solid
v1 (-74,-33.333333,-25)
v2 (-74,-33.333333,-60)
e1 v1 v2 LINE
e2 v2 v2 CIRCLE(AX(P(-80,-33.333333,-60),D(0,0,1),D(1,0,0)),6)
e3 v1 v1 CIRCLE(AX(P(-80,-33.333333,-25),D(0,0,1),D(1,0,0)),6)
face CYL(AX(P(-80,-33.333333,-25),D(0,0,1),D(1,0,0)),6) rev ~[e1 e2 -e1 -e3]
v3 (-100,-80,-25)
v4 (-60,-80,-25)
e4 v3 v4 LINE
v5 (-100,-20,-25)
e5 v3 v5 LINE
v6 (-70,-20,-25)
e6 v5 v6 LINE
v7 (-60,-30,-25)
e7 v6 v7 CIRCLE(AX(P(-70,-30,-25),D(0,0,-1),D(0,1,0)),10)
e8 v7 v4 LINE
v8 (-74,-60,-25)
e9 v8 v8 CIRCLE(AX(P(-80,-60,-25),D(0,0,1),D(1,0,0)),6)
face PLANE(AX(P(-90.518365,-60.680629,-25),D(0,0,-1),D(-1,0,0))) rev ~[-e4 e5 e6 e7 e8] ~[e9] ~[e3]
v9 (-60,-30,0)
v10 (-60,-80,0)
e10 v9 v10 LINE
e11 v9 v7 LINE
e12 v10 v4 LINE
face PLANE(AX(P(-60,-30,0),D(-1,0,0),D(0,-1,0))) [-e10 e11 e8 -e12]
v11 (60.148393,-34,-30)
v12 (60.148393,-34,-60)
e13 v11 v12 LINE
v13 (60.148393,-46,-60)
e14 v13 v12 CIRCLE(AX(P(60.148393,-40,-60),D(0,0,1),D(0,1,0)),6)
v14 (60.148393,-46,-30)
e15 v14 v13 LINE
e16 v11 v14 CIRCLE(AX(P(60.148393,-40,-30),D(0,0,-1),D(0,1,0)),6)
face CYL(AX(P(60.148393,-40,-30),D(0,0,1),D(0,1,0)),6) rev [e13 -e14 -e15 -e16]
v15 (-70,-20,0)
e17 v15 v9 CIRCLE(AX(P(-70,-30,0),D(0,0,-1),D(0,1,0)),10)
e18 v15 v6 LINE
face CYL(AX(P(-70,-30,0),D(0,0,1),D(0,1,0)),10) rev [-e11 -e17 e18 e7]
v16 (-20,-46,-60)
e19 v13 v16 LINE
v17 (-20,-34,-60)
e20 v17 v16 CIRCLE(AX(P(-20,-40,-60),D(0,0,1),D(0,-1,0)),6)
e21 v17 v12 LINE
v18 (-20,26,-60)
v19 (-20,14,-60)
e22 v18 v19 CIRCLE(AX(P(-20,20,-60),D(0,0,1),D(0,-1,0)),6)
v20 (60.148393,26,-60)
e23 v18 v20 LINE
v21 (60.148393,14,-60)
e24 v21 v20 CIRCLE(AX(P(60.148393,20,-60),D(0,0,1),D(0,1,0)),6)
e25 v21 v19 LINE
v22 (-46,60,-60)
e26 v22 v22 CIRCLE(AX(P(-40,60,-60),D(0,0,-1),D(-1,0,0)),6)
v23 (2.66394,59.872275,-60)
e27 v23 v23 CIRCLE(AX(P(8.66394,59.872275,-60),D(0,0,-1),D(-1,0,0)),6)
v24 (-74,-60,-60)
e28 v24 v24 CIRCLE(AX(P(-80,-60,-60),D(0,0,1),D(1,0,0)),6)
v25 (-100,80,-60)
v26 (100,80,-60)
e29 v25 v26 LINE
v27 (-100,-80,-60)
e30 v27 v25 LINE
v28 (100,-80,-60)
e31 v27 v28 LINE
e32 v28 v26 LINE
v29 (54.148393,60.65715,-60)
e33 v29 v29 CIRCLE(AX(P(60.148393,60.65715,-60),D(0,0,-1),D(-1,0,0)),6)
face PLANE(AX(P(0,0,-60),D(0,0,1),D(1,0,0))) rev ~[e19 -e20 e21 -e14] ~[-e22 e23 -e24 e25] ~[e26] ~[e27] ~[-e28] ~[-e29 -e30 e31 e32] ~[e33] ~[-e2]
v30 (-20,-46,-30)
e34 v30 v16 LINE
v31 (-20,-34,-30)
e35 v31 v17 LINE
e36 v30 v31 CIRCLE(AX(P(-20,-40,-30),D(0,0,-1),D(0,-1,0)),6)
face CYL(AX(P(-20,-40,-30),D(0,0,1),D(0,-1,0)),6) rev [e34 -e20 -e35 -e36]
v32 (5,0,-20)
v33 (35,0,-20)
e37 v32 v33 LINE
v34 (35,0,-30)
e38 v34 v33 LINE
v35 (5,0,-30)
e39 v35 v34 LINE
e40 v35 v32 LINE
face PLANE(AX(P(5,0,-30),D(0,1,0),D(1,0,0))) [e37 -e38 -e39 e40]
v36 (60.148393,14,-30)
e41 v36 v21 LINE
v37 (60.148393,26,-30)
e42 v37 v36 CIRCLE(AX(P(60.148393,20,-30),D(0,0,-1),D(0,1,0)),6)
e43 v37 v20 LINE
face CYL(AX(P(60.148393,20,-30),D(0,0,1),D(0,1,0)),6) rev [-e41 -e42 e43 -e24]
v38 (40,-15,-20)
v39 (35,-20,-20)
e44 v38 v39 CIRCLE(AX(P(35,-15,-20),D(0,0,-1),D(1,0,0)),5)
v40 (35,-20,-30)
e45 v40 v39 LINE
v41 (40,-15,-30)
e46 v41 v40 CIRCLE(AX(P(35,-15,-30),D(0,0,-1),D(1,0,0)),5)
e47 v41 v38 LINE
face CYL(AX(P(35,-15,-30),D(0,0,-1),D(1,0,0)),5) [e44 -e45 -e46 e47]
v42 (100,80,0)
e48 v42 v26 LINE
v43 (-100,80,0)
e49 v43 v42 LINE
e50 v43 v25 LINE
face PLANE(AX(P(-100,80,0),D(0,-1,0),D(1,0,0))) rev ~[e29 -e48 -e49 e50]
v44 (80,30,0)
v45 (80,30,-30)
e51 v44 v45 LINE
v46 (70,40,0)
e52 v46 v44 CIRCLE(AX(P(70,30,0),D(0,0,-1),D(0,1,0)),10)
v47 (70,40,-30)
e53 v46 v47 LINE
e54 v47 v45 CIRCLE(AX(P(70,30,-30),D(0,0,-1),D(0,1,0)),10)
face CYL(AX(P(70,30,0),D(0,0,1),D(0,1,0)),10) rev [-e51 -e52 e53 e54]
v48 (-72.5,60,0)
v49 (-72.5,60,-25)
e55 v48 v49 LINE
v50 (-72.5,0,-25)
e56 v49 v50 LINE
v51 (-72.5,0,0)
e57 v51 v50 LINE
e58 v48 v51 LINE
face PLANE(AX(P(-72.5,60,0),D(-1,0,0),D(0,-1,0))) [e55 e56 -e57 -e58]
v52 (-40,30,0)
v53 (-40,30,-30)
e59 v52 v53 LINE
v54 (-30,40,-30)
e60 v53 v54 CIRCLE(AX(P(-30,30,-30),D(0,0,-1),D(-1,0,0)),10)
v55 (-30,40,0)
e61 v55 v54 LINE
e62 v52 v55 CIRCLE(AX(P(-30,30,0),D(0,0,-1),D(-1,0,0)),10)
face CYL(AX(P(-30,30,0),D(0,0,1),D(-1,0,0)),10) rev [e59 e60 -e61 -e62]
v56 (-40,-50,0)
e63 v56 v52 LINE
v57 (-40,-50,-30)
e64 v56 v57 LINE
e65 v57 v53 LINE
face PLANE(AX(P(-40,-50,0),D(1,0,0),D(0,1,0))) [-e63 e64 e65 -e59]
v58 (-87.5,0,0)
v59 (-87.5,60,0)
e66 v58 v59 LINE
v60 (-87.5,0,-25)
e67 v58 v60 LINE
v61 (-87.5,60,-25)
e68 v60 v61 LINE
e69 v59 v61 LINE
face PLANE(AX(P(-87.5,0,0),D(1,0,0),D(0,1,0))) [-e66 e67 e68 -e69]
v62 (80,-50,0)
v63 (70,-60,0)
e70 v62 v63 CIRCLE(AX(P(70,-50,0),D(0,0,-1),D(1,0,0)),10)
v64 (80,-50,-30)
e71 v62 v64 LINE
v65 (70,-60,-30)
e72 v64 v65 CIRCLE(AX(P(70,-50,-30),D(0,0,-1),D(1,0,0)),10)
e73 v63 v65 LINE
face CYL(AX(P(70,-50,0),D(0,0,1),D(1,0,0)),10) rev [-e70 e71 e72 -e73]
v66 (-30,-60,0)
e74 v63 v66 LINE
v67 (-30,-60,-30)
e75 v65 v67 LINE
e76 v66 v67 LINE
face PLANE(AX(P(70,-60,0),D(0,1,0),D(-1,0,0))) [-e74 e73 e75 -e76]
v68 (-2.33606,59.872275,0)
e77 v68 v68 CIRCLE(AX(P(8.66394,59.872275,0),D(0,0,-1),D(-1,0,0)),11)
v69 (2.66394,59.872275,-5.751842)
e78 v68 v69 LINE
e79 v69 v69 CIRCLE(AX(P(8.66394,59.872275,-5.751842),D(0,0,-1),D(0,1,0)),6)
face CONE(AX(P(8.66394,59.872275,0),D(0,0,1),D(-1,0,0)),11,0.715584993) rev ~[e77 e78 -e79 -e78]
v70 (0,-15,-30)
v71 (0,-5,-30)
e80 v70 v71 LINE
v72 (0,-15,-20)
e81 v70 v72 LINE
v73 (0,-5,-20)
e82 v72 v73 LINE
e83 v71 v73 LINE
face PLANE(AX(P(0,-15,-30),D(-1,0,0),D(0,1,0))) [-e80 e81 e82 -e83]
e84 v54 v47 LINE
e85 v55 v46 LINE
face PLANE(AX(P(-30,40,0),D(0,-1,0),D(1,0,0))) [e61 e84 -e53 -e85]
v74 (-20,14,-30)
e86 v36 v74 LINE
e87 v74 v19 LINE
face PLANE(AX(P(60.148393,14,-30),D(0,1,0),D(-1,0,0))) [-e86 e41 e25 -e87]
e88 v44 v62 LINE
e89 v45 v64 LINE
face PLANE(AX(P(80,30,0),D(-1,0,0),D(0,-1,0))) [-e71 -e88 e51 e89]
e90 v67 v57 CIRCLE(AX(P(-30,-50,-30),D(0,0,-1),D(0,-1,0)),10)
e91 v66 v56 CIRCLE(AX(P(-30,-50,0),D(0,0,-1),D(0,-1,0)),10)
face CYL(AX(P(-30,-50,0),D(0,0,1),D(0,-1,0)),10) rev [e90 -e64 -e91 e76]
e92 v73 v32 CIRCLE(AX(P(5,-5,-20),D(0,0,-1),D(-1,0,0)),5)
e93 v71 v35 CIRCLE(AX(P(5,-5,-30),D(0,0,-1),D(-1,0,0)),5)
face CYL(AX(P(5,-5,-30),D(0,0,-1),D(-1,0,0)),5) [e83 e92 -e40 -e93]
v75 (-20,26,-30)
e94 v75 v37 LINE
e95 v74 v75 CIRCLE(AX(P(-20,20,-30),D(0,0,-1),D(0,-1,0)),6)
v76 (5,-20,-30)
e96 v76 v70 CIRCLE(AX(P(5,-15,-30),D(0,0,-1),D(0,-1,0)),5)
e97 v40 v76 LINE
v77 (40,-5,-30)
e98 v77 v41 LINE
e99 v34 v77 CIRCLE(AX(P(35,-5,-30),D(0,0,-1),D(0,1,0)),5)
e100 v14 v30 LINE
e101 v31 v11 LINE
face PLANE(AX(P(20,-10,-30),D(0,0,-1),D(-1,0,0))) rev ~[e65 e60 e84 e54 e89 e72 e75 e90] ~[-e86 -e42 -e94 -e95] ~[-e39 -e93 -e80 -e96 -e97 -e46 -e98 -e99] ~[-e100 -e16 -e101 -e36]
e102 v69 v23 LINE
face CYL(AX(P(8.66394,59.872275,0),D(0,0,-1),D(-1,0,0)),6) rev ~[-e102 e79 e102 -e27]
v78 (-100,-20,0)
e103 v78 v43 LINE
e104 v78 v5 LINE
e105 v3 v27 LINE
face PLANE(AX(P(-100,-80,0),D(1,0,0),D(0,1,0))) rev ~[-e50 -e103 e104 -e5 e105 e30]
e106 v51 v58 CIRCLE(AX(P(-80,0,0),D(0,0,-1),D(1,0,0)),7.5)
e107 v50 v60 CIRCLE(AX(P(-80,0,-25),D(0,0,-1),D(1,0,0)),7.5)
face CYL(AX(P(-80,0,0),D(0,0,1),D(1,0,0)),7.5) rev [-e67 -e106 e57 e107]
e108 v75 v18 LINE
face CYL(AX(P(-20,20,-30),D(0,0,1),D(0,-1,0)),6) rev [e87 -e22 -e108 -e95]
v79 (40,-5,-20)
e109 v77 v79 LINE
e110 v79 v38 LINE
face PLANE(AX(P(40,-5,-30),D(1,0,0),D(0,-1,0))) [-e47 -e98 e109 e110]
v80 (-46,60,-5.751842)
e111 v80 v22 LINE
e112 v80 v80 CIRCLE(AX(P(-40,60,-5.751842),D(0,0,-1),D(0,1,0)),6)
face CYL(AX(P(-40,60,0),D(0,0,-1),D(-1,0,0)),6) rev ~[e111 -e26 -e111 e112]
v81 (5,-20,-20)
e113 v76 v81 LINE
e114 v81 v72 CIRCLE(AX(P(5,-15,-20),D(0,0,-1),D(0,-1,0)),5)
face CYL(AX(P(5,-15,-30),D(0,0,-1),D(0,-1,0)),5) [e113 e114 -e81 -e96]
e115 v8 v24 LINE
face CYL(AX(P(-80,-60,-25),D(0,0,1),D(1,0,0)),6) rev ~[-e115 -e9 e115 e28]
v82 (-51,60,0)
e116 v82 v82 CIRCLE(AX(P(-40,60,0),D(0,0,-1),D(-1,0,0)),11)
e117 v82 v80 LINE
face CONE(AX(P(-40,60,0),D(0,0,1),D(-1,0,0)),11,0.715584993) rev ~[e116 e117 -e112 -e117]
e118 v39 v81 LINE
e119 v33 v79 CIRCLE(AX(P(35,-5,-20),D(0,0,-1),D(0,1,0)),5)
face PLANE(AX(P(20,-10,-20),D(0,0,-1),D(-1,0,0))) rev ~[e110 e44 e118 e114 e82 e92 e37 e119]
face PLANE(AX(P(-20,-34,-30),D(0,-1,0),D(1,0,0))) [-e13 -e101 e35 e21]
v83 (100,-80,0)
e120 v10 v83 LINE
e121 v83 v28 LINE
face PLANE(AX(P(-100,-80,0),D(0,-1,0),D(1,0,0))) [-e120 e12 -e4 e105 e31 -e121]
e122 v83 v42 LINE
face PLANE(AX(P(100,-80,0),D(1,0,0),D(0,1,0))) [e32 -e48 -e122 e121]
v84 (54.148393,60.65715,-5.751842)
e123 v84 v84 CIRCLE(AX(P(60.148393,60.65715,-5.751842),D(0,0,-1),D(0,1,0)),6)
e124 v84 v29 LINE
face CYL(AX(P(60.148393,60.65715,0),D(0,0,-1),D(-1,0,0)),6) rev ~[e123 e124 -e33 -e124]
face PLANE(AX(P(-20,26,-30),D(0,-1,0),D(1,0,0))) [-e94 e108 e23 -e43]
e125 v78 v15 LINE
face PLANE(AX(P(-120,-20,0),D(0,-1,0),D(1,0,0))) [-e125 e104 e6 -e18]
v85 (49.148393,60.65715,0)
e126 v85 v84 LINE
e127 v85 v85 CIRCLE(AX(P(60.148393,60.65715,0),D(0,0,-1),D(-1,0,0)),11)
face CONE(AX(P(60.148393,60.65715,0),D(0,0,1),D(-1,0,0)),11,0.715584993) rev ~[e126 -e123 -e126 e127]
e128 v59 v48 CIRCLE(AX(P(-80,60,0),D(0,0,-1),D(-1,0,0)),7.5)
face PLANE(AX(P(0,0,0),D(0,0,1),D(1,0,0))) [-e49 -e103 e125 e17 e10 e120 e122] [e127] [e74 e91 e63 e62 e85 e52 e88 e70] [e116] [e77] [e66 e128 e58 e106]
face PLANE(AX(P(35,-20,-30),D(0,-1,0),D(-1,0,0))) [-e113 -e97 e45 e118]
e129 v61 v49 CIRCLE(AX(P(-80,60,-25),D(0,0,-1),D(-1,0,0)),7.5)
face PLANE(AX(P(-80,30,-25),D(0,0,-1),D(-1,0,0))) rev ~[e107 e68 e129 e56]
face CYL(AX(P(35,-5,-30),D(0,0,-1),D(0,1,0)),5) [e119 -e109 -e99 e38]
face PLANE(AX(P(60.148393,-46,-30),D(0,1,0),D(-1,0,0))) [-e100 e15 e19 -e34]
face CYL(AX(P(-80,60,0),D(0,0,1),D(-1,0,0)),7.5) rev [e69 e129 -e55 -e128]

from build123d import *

# Parameters (mm, degrees)
SKETCH1_W           = 200
SKETCH1_H           = 160
BASE_EXTRUDE_DEPTH  = 60
CUT_EXTRUDE1_DEPTH  = 30
CUT_EXTRUDE2_DEPTH  = 25
HOLE1_D             = 12
HOLE1_CSINK_D       = 22
HOLE1_CSINK_ANGLE   = 82
HOLE4_D             = 12
HOLE4_CSINK_D       = 22
HOLE4_CSINK_ANGLE   = 82
HOLE5_D             = 12
HOLE5_CSINK_D       = 22
HOLE5_CSINK_ANGLE   = 82
SKETCH21_R          = 6
CUT_EXTRUDE4_DEPTH  = 133.759180474
CUT_EXTRUDE5_DEPTH  = 25
CUT_EXTRUDE6_DEPTH  = 132.52946438
BOSS_EXTRUDE1_DEPTH = 10


with BuildPart() as part:
    # Sketch1 → Base-Extrude (new body)
    with BuildSketch(Plane.XY):
        Rectangle(SKETCH1_W, SKETCH1_H)
    extrude(amount=-BASE_EXTRUDE_DEPTH)

    # Sketch2 → Cut-Extrude1 (cut)
    with BuildSketch(Plane.XY):
        with BuildLine():
            Line((-30, 40), (70, 40))
            ThreePointArc((70, 40), (77.071067812, 37.071067812), (80, 30))
            Line((80, 30), (80, -50))
            ThreePointArc((80, -50), (77.071067812, -57.071067812), (70, -60))
            Line((70, -60), (-30, -60))
            ThreePointArc((-30, -60), (-37.071067812, -57.071067812), (-40, -50))
            Line((-40, -50), (-40, 30))
            ThreePointArc((-40, 30), (-37.071067812, 37.071067812), (-30, 40))
        make_face()
    extrude(amount=-CUT_EXTRUDE1_DEPTH, mode=Mode.SUBTRACT)

    # Sketch3 → Cut-Extrude2 (cut)
    with BuildSketch(Plane.XY):
        with BuildLine():
            Line((-120, -20), (-70, -20))
            ThreePointArc((-70, -20), (-62.928932188, -22.928932188), (-60, -30))
            Line((-60, -30), (-60, -100))
            Line((-60, -100), (-120, -100))
            Line((-120, -100), (-120, -20))
        make_face()
    extrude(amount=-CUT_EXTRUDE2_DEPTH, mode=Mode.SUBTRACT)

    # Hole1 (through all)
    with Locations(Plane.XY):
        with Locations((-40, 60)):
            CounterSinkHole(HOLE1_D / 2, HOLE1_CSINK_D / 2, counter_sink_angle=HOLE1_CSINK_ANGLE)

    # Hole4 (through all)
    with Locations(Plane(origin=(41.997272993, -0.127725249, 0), x_dir=(1, 0, 0), z_dir=(0, 0, 1))):
        with Locations((-33.333333333, 60)):
            CounterSinkHole(HOLE4_D / 2, HOLE4_CSINK_D / 2, counter_sink_angle=HOLE4_CSINK_ANGLE)

    # Hole5 (through all)
    with Locations(Plane(origin=(100.148393301, 0.657149803, 0), x_dir=(1, 0, 0), z_dir=(0, 0, 1))):
        with Locations((-40, 60)):
            CounterSinkHole(HOLE5_D / 2, HOLE5_CSINK_D / 2, counter_sink_angle=HOLE5_CSINK_ANGLE)

    # Sketch21 → Cut-Extrude4 (cut, through all)
    with BuildSketch(Plane.XY.offset(-25)):
        with Locations((-80, -33.333333333)):
            Circle(SKETCH21_R)
        with Locations((-80, -60)):
            Circle(SKETCH21_R)
    extrude(amount=-CUT_EXTRUDE4_DEPTH, mode=Mode.SUBTRACT)

    # Sketch22 → Cut-Extrude5 (cut)
    with BuildSketch(Plane.XY):
        with BuildLine():
            Line((-72.5, 60), (-72.5, 0))
            ThreePointArc((-72.5, 0), (-80, -7.5), (-87.5, 0))
            Line((-87.5, 0), (-87.5, 60))
            ThreePointArc((-87.5, 60), (-80, 67.5), (-72.5, 60))
        make_face()
    extrude(amount=-CUT_EXTRUDE5_DEPTH, mode=Mode.SUBTRACT)

    # Sketch23 → Cut-Extrude6 (cut, through all)
    with BuildSketch(Plane.XY.offset(-30)):
        with BuildLine():
            Line((-20, 26), (60.148393301, 26))
            ThreePointArc((60.148393301, 26), (66.148393301, 20), (60.148393301, 14))
            Line((60.148393301, 14), (-20, 14))
            ThreePointArc((-20, 14), (-26, 20), (-20, 26))
        make_face()
        with BuildLine():
            Line((-20, -34), (60.148393301, -34))
            ThreePointArc((60.148393301, -34), (66.148393301, -40), (60.148393301, -46))
            Line((60.148393301, -46), (-20, -46))
            ThreePointArc((-20, -46), (-26, -40), (-20, -34))
        make_face()
    extrude(amount=-CUT_EXTRUDE6_DEPTH, mode=Mode.SUBTRACT)

    # Sketch24 → Boss-Extrude1 (add)
    with BuildSketch(Plane.XY.offset(-30)):
        with BuildLine():
            Line((5, 0), (35, 0))
            ThreePointArc((35, 0), (38.535533906, -1.464466094), (40, -5))
            Line((40, -5), (40, -15))
            ThreePointArc((40, -15), (38.535533906, -18.535533906), (35, -20))
            Line((35, -20), (5, -20))
            ThreePointArc((5, -20), (1.464466094, -18.535533906), (0, -15))
            Line((0, -15), (0, -5))
            ThreePointArc((0, -5), (1.464466094, -1.464466094), (5, 0))
        make_face()
    extrude(amount=BOSS_EXTRUDE1_DEPTH)


solid = part.part
